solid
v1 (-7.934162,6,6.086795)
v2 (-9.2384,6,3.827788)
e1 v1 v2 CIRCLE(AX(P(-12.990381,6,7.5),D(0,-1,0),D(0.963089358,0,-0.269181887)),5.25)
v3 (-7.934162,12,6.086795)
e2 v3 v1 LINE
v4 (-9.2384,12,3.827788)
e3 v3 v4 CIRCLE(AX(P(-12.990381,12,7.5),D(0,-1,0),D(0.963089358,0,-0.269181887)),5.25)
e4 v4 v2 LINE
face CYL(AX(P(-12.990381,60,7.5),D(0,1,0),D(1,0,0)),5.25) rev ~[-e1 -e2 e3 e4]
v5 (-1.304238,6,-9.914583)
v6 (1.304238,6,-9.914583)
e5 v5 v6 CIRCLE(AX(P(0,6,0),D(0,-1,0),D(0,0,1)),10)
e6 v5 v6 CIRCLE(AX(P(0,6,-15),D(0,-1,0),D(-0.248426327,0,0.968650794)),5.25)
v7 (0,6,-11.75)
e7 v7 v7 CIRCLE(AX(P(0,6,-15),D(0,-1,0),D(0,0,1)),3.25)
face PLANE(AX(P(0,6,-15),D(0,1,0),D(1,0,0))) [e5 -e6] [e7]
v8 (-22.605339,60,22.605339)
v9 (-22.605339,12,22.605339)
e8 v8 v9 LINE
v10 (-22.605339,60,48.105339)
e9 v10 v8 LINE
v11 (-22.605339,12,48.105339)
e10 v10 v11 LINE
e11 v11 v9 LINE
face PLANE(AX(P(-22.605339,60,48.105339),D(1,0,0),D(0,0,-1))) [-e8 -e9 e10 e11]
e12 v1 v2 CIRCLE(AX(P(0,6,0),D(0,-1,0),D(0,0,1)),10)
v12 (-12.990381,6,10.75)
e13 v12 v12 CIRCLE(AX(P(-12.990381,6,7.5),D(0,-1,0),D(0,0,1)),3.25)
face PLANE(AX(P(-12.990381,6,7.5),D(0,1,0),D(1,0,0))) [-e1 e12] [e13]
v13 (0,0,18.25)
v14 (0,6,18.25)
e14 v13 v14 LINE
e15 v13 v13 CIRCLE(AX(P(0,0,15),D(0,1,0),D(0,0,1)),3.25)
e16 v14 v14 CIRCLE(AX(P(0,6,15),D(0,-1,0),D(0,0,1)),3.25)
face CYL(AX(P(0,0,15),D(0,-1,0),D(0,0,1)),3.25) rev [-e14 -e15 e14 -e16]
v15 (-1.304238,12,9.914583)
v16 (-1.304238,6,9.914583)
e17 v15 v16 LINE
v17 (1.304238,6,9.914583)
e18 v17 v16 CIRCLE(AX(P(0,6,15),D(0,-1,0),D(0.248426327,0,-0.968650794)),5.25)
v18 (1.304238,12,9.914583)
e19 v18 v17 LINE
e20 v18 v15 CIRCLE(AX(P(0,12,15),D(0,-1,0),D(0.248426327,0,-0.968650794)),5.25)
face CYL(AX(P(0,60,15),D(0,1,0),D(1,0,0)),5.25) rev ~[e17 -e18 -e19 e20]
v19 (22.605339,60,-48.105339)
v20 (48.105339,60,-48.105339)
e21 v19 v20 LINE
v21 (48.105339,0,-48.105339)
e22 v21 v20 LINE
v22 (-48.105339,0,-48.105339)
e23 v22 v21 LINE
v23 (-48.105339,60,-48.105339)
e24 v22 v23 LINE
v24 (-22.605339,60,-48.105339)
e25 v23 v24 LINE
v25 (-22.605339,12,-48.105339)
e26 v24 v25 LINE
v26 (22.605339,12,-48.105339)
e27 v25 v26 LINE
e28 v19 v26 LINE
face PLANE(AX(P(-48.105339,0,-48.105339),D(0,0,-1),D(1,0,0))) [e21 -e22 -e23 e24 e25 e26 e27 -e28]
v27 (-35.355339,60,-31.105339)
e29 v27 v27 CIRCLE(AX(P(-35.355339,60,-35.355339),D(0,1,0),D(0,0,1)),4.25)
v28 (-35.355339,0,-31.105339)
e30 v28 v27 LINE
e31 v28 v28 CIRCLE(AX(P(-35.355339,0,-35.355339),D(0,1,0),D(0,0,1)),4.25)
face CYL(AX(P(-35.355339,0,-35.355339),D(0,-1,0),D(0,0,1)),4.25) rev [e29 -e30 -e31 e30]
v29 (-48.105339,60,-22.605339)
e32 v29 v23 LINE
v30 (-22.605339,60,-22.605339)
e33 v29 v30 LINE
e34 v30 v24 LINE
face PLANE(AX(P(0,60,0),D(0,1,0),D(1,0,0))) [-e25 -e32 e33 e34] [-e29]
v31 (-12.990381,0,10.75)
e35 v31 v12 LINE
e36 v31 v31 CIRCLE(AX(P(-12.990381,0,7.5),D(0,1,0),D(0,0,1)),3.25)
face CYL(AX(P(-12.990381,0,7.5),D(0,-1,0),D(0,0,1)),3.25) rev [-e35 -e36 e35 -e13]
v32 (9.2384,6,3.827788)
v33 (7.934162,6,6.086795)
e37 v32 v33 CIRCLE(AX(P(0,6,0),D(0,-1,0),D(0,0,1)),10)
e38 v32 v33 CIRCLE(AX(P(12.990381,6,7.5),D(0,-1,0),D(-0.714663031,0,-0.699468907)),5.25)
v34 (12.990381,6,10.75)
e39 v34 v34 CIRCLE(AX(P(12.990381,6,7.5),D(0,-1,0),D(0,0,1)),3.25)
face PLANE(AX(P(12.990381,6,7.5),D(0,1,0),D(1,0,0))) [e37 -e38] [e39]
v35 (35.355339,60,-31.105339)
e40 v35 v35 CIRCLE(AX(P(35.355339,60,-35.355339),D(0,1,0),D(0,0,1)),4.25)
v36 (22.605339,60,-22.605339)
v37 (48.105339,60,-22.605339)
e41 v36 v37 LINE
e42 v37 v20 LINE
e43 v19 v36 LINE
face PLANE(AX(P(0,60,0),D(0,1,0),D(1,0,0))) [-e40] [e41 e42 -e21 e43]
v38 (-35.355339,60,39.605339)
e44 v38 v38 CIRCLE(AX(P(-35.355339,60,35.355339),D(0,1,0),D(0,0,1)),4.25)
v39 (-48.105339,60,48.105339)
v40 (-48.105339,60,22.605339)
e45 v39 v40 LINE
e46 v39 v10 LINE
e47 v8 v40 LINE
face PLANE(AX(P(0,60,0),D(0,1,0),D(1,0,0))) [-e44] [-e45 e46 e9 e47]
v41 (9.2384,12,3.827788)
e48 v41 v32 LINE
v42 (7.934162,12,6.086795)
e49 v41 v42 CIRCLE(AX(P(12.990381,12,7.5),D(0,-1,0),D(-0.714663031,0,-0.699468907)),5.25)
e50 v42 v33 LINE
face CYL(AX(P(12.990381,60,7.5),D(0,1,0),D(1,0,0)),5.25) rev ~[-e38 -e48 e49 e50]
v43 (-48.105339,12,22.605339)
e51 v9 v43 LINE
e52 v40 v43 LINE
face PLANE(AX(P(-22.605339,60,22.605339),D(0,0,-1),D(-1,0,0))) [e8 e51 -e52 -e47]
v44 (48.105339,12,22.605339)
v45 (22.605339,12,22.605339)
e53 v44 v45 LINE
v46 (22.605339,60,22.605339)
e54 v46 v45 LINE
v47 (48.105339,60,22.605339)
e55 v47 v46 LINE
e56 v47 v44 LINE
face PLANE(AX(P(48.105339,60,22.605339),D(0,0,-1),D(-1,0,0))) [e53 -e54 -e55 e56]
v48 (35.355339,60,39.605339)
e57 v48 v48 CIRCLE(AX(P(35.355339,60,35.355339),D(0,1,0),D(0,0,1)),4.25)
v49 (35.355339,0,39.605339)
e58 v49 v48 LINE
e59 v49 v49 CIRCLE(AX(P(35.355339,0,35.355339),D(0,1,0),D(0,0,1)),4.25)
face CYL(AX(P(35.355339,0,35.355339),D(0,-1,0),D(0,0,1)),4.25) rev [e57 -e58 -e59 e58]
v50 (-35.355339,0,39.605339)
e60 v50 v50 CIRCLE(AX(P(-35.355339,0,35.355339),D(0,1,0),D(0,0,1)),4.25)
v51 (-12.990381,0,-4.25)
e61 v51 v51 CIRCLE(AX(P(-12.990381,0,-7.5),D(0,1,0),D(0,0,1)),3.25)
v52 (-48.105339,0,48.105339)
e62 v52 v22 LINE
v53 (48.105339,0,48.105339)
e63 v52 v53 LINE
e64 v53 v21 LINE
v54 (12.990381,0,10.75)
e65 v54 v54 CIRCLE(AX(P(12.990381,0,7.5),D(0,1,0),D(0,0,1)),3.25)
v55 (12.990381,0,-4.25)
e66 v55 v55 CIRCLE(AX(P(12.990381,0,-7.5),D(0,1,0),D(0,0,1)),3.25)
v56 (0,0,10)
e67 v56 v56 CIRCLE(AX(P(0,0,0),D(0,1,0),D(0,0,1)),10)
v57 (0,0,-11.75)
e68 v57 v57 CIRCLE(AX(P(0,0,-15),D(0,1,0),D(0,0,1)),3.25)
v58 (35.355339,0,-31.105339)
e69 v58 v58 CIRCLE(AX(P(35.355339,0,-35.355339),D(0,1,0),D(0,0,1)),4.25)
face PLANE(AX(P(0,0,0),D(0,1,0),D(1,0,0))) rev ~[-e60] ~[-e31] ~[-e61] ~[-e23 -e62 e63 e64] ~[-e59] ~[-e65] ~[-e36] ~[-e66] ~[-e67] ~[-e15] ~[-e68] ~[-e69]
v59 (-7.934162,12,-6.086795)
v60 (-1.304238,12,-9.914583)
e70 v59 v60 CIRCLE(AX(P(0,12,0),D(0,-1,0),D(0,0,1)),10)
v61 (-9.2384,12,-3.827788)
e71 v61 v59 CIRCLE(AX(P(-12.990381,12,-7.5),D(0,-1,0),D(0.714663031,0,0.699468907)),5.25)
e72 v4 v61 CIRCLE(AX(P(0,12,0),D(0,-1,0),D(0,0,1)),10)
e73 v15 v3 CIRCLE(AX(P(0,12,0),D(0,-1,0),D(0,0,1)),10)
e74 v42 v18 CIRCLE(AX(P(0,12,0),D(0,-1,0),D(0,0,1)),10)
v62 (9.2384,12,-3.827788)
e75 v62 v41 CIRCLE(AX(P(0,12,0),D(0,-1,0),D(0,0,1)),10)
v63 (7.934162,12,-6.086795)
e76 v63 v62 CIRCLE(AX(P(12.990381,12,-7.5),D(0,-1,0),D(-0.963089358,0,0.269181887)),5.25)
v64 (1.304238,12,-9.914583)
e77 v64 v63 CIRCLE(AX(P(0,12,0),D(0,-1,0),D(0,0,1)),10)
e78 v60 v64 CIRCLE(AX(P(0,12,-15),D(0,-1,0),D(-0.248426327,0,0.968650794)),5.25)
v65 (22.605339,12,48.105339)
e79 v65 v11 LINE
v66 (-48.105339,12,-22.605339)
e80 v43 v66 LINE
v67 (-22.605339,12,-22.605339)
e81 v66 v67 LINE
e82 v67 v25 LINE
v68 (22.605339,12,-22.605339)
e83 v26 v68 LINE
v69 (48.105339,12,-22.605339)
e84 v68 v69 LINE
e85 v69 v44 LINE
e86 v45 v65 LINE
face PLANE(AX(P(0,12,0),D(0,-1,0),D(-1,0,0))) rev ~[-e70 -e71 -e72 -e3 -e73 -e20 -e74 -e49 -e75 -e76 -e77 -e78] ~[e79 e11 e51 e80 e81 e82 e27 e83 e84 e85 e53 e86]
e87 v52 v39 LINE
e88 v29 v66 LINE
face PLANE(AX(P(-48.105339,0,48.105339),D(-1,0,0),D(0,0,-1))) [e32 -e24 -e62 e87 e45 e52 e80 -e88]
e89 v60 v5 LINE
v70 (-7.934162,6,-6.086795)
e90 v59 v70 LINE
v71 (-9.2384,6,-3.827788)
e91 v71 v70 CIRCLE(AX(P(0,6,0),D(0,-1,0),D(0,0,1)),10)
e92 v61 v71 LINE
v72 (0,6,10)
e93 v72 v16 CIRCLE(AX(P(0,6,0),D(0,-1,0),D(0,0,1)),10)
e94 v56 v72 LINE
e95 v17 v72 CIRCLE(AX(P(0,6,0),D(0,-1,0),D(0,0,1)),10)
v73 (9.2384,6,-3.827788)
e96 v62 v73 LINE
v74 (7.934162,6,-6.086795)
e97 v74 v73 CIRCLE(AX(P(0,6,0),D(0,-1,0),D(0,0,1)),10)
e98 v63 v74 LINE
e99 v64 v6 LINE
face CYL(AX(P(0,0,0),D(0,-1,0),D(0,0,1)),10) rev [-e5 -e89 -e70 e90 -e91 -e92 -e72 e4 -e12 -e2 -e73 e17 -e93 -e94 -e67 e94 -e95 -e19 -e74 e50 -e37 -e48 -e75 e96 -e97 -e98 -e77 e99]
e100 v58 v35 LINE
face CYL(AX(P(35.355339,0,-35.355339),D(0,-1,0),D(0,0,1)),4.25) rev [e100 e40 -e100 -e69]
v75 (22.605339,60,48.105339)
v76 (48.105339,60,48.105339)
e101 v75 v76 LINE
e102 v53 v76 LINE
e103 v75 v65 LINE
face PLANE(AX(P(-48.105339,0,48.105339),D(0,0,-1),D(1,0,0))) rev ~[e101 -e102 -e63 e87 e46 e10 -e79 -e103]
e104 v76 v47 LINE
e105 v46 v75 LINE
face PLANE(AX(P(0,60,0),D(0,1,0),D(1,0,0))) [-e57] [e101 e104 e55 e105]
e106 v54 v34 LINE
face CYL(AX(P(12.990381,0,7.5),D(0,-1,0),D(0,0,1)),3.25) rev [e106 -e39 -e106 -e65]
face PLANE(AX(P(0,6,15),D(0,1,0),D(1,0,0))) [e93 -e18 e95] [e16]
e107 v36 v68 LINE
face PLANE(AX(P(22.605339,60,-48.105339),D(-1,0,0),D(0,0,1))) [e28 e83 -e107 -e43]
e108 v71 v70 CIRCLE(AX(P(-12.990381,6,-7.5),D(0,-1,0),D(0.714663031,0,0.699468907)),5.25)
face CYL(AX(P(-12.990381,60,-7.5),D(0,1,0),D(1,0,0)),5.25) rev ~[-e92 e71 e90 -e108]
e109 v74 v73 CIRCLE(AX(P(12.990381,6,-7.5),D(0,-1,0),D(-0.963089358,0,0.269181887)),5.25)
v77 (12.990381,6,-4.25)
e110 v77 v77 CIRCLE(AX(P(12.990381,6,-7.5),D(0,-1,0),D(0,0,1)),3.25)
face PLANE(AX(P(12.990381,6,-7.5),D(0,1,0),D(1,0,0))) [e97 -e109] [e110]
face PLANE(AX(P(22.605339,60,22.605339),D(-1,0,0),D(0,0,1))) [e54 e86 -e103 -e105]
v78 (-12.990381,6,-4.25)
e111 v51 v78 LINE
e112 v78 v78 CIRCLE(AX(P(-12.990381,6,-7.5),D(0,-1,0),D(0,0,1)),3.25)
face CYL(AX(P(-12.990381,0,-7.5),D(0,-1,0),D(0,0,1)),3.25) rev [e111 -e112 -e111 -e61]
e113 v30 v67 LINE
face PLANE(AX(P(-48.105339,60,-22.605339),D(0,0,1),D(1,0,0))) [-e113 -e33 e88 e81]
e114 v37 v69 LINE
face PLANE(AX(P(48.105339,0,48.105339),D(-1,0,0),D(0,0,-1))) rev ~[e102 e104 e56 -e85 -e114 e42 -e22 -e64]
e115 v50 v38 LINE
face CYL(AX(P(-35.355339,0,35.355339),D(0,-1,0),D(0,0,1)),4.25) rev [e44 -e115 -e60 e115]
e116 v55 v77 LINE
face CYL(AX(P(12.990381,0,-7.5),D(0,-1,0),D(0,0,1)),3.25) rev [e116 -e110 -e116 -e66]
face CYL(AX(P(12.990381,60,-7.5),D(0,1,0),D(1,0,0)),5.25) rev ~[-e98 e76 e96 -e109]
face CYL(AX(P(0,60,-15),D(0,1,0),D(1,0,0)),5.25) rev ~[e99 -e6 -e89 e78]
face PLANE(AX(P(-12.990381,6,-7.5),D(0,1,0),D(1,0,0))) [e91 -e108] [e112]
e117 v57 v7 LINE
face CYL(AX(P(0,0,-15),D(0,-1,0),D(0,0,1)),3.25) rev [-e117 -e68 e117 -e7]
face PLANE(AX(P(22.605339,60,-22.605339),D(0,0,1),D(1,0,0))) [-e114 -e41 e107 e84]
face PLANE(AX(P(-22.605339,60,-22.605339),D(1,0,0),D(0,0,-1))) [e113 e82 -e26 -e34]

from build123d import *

# Parameters (mm, degrees)
SKETCH1_W           = 96.210678118
SKETCH1_H           = 96.210678118
SKETCH1_R           = 10
SKETCH1_R_2         = 3.25
SKETCH1_R_3         = 4.25
BOSS_EXTRUDE1_DEPTH = 60
CUT_EXTRUDE2_DEPTH  = 48
SKETCH2_R           = 5.25
CUT_EXTRUDE3_DEPTH  = 54


with BuildPart() as part:
    # Sketch1 → Boss-Extrude1 (new body)
    with BuildSketch(Plane(origin=(0, 0, 0), x_dir=(1, 0, 0), z_dir=(0, 1, 0))):
        Rectangle(SKETCH1_W, SKETCH1_H)
        with Locations(Location((0, 0, 0), (0, 0, 270))):
            Circle(SKETCH1_R, mode=Mode.SUBTRACT)
        with Locations(Location((0, 15, 0), (0, 0, 270))):
            Circle(SKETCH1_R_2, mode=Mode.SUBTRACT)
        with Locations(Location((35.355339059, 35.355339059, 0), (0, 0, 270))):
            Circle(SKETCH1_R_3, mode=Mode.SUBTRACT)
        with Locations(Location((12.990381057, 7.5, 0), (0, 0, 270))):
            Circle(SKETCH1_R_2, mode=Mode.SUBTRACT)
        with Locations(Location((12.990381057, -7.5, 0), (0, 0, 270))):
            Circle(SKETCH1_R_2, mode=Mode.SUBTRACT)
        with Locations(Location((0, -15, 0), (0, 0, 270))):
            Circle(SKETCH1_R_2, mode=Mode.SUBTRACT)
        with Locations(Location((-12.990381057, -7.5, 0), (0, 0, 270))):
            Circle(SKETCH1_R_2, mode=Mode.SUBTRACT)
        with Locations(Location((-12.990381057, 7.5, 0), (0, 0, 270))):
            Circle(SKETCH1_R_2, mode=Mode.SUBTRACT)
        with Locations(Location((35.355339059, -35.355339059, 0), (0, 0, 270))):
            Circle(SKETCH1_R_3, mode=Mode.SUBTRACT)
        with Locations(Location((-35.355339059, -35.355339059, 0), (0, 0, 270))):
            Circle(SKETCH1_R_3, mode=Mode.SUBTRACT)
        with Locations(Location((-35.355339059, 35.355339059, 0), (0, 0, 270))):
            Circle(SKETCH1_R_3, mode=Mode.SUBTRACT)
    extrude(amount=BOSS_EXTRUDE1_DEPTH)

    # Sketch4 → Cut-Extrude2 (cut)
    with BuildSketch(Plane(origin=(0, 60, 0), x_dir=(1, 0, 0), z_dir=(0, 1, 0))):
        Polygon((-22.605339059, 48.105339059), (22.605339059, 48.105339059), (22.605339059, 22.605339059), (48.105339059, 22.605339059), (48.105339059, -22.605339059), (22.605339059, -22.605339059), (22.605339059, -48.105339059), (-22.605339059, -48.105339059), (-22.605339059, -22.605339059), (-48.105339059, -22.605339059), (-48.105339059, 22.605339059), (-22.605339059, 22.605339059), align=None)
    extrude(amount=-CUT_EXTRUDE2_DEPTH, mode=Mode.SUBTRACT)

    # Sketch2 → Cut-Extrude3 (cut)
    with BuildSketch(Plane(origin=(0, 60, 0), x_dir=(1, 0, 0), z_dir=(0, 1, 0))):
        with Locations((-12.990381057, 7.5)):
            Circle(SKETCH2_R)
        with Locations((0, 15)):
            Circle(SKETCH2_R)
        with Locations((12.990381057, 7.5)):
            Circle(SKETCH2_R)
        with Locations((12.990381057, -7.5)):
            Circle(SKETCH2_R)
        with Locations((0, -15)):
            Circle(SKETCH2_R)
        with Locations((-12.990381057, -7.5)):
            Circle(SKETCH2_R)
    extrude(amount=-CUT_EXTRUDE3_DEPTH, mode=Mode.SUBTRACT)


solid = part.part
